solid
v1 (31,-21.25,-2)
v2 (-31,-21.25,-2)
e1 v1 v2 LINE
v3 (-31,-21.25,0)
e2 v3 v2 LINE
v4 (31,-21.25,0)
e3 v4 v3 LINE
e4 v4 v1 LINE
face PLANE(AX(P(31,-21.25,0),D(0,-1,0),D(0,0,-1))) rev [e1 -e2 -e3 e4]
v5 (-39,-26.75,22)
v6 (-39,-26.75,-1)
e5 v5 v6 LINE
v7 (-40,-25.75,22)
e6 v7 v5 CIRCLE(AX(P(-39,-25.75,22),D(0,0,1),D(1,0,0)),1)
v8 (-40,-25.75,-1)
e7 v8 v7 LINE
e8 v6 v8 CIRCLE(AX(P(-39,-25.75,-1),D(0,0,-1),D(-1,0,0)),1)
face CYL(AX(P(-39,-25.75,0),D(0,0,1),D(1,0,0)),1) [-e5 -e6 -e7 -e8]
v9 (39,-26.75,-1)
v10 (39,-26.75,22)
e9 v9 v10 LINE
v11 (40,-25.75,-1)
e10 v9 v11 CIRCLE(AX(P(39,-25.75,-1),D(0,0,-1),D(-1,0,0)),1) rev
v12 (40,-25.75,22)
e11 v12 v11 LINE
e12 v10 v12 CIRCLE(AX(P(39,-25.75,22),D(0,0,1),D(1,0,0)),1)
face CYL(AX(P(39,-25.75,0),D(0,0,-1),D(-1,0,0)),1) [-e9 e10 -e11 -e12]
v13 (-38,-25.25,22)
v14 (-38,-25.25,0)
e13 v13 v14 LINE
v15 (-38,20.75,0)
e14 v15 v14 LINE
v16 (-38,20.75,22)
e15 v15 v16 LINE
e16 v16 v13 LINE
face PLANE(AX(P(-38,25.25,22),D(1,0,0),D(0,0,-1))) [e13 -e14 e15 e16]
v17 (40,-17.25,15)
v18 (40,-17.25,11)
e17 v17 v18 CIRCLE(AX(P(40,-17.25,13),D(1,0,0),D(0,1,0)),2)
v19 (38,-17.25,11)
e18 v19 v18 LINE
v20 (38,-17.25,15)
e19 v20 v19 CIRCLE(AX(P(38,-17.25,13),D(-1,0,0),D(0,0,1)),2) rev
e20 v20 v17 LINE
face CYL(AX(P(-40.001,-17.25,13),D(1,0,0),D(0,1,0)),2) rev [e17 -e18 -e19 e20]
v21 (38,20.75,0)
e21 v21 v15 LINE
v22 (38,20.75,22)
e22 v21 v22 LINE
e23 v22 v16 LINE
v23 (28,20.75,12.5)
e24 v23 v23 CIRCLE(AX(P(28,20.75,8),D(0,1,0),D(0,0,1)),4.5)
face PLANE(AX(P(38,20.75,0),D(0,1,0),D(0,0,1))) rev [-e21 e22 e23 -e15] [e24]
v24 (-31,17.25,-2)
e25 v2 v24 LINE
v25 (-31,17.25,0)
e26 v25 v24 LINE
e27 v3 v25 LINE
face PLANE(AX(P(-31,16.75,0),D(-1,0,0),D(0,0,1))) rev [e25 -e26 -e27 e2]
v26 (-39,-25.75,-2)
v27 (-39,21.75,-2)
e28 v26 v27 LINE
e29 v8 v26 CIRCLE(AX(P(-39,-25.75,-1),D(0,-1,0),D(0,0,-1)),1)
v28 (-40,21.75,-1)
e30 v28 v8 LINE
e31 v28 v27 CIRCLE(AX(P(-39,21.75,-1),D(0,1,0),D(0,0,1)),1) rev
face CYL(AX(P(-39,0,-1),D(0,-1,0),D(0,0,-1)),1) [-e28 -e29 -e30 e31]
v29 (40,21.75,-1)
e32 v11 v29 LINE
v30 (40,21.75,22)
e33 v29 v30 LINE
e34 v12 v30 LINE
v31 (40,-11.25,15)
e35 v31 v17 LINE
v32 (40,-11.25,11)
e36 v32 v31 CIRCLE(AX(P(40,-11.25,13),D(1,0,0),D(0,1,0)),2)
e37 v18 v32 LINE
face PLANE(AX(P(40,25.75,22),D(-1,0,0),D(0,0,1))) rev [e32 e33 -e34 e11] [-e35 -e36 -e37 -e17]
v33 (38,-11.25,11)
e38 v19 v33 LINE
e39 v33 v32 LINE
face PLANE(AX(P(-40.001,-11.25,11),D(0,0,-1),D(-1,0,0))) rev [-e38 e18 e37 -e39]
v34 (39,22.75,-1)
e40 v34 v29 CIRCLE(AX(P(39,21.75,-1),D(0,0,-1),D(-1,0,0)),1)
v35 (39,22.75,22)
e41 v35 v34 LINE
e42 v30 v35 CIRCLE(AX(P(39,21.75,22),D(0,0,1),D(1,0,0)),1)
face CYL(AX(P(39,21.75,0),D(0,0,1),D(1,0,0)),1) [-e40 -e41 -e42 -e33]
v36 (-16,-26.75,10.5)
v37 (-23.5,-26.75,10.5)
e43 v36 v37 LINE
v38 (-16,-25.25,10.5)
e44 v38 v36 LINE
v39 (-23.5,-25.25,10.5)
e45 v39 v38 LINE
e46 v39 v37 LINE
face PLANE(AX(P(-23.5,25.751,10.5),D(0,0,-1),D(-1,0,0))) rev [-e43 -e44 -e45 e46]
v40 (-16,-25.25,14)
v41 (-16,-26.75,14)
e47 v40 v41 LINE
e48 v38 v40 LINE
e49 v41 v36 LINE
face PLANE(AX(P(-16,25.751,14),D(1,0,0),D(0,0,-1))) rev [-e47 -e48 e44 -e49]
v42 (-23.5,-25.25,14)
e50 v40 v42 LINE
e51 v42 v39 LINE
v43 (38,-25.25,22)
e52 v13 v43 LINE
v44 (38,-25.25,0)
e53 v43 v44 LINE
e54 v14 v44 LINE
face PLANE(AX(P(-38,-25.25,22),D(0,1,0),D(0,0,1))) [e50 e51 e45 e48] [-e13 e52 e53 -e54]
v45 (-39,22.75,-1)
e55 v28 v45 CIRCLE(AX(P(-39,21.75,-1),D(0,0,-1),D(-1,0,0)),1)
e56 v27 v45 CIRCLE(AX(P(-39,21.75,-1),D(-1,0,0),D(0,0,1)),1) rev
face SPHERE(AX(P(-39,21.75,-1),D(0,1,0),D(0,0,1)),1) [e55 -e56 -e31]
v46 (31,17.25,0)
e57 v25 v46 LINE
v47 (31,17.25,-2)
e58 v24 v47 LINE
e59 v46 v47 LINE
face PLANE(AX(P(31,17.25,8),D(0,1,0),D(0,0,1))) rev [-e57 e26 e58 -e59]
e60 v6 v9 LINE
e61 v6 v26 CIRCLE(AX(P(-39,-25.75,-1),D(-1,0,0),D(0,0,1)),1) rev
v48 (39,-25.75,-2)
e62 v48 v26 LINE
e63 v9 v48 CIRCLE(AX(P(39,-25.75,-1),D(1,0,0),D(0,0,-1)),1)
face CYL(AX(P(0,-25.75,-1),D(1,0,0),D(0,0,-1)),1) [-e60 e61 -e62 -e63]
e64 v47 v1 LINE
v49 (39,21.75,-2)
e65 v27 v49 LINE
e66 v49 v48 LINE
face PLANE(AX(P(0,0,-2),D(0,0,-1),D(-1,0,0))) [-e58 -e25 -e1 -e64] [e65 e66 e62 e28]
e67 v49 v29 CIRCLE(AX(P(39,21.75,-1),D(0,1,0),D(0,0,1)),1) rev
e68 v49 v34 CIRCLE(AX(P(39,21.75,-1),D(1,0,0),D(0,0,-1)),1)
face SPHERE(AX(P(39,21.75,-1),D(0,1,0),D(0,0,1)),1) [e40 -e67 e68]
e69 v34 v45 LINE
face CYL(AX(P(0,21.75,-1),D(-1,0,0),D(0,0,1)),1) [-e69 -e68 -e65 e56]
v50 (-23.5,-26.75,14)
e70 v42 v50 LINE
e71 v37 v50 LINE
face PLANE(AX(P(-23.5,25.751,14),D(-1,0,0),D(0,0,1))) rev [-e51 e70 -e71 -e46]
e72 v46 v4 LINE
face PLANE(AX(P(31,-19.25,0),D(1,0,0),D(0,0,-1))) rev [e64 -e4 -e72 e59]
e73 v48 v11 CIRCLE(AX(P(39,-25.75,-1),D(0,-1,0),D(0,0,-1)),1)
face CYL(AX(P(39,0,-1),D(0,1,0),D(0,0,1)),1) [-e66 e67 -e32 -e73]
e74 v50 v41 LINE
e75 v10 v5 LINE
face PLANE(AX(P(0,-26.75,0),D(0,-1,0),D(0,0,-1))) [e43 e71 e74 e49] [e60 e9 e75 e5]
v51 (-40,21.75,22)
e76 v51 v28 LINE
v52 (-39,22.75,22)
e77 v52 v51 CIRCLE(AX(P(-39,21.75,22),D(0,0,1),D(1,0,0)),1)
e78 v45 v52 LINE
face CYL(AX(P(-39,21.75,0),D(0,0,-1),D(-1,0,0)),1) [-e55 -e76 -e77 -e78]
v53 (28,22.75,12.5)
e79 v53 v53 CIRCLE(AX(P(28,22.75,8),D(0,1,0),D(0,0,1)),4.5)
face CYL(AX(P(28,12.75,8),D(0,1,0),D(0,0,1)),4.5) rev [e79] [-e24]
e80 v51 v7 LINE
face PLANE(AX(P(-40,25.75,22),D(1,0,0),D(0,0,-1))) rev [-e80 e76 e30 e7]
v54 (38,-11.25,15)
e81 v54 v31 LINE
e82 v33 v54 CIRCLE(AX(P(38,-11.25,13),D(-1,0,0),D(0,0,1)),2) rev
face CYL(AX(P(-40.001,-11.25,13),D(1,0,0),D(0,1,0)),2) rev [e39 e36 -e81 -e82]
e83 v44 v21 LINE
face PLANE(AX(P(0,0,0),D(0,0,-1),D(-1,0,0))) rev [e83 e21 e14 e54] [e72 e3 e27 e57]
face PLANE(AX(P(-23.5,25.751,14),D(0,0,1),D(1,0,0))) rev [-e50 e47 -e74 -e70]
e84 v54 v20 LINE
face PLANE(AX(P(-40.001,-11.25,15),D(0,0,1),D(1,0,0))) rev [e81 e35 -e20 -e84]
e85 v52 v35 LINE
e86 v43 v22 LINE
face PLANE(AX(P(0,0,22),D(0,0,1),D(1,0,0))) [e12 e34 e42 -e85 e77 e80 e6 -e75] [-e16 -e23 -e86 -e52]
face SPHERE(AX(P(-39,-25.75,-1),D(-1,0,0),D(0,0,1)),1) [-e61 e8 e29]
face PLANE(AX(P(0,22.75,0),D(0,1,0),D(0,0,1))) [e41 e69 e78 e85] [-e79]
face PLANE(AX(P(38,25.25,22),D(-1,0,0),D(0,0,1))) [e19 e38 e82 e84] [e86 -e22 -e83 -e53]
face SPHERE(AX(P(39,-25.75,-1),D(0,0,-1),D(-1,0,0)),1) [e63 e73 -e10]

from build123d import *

# Parameters (mm, degrees)
SKETCH_1_W           = 80
SKETCH_1_H           = 51.5
SKETCH_1_W_2         = 76
SKETCH_1_H_2         = 50.5
EXTRUDE_1_DEPTH      = 22
SKETCH_2_W           = 80
SKETCH_2_H           = 51.5
EXTRUDE_2_DEPTH      = 2
CUT_EXTRUDE_1_REACH  = 88.874
CUT_EXTRUDE_2_REACH  = 70.82
SKETCH_6_W           = 7.5
SKETCH_6_H           = 3.5
CUT_EXTRUDE_3_REACH  = 70.82
SKETCH_7_W           = 76
SKETCH_7_H           = 20
SKETCH_8_W           = 80
SKETCH_8_H           = 51.5
EXTRUDE_3_DEPTH      = 2
SKETCH_9_W           = 62
SKETCH_9_H           = 36
CUT_EXTRUDE_4_DEPTH  = 2
SKETCH_15_W          = 80
SKETCH_15_H          = 24
EXTRUDE_5_DEPTH      = 1
SKETCH_16_W          = 7.5
SKETCH_16_H          = 3.5
CUT_EXTRUDE_6_DEPTH  = 1
SKETCH_17_W          = 62
SKETCH_17_H          = 2
CUT_EXTRUDE_7_DEPTH  = 2
SKETCH_19_W          = 80
SKETCH_19_H          = 24
CUT_EXTRUDE_8_DEPTH  = 3
SKETCH_20_W          = 76
SKETCH_20_H          = 2
EXTRUDE_6_DEPTH      = 20
SKETCH_21_W          = 76
SKETCH_21_H          = 46
CUT_EXTRUDE_9_DEPTH  = 10
FILLET_1_R           = 1
SKETCH_22_R          = 4.5
CUT_EXTRUDE_10_DEPTH = 10
SKETCH_23_W          = 62
SKETCH_23_H          = 0.5
CUT_EXTRUDE_11_DEPTH = 10


with BuildPart() as part:
    # 草图1 → 凸台-拉伸1 (new body)
    with BuildSketch(Plane.XY):
        Rectangle(SKETCH_1_W, SKETCH_1_H)
        Rectangle(SKETCH_1_W_2, SKETCH_1_H_2, mode=Mode.SUBTRACT)
    extrude(amount=EXTRUDE_1_DEPTH)

    # 草图2 → 凸台-拉伸2 (add)
    with BuildSketch(Plane.XY.offset(22)):
        Rectangle(SKETCH_2_W, SKETCH_2_H)
    extrude(amount=-EXTRUDE_2_DEPTH)

    # 草图4 → 切除-拉伸1 (cut, up to next)
    with BuildSketch(Plane(origin=(40, 0, 0), x_dir=(0, 0, -1), z_dir=(1, 0, 0)), mode=Mode.PRIVATE) as cut_extrude_1_sk1:
        with BuildLine():
            Line((-11, -11.25), (-11, -17.25))
            ThreePointArc((-11, -17.25), (-13, -19.25), (-15, -17.25))
            Line((-15, -17.25), (-15, -11.25))
            ThreePointArc((-15, -11.25), (-13, -9.25), (-11, -11.25))
        make_face()
    cut_extrude_1_tool1 = extrude(cut_extrude_1_sk1.sketch, amount=-CUT_EXTRUDE_1_REACH, mode=Mode.PRIVATE) & part.part
    add(cut_extrude_1_tool1.solids().sort_by_distance((40, -14.25, 13))[0], mode=Mode.SUBTRACT)

    # 草图6 → 切除-拉伸2 (cut, up to next)
    with BuildSketch(Plane.XZ.offset(25.75), mode=Mode.PRIVATE) as cut_extrude_2_sk1:
        with Locations((-19.75, 12.25)):
            Rectangle(SKETCH_6_W, SKETCH_6_H)
    cut_extrude_2_tool1 = extrude(cut_extrude_2_sk1.sketch, amount=-CUT_EXTRUDE_2_REACH, mode=Mode.PRIVATE) & part.part
    add(cut_extrude_2_tool1.solids().sort_by_distance((-19.75, -25.75, 12.25))[0], mode=Mode.SUBTRACT)

    # 草图7 → 切除-拉伸3 (cut, up to next)
    with BuildSketch(Plane(origin=(0, 25.75, 0), x_dir=(1, 0, 0), z_dir=(0, 1, 0)), mode=Mode.PRIVATE) as cut_extrude_3_sk1:
        with Locations((0, -10)):
            Rectangle(SKETCH_7_W, SKETCH_7_H)
    cut_extrude_3_tool1 = extrude(cut_extrude_3_sk1.sketch, amount=-CUT_EXTRUDE_3_REACH, mode=Mode.PRIVATE) & part.part
    add(cut_extrude_3_tool1.solids().sort_by_distance((0, 25.75, 10))[0], mode=Mode.SUBTRACT)

    # 草图8 → 凸台-拉伸3 (add)
    with BuildSketch(Plane(origin=(0, 0, 0), x_dir=(-1, 0, 0), z_dir=(0, 0, -1))):
        Rectangle(SKETCH_8_W, SKETCH_8_H)
    extrude(amount=EXTRUDE_3_DEPTH)

    # 草图9 → 切除-拉伸4 (cut)
    with BuildSketch(Plane(origin=(0, 0, -2), x_dir=(-1, 0, 0), z_dir=(0, 0, -1))):
        with Locations((0, -1.25)):
            Rectangle(SKETCH_9_W, SKETCH_9_H)
    extrude(amount=-CUT_EXTRUDE_4_DEPTH, mode=Mode.SUBTRACT)

    # 草图15 → 凸台-拉伸5 (add)
    with BuildSketch(Plane.XZ.offset(25.75)):
        with Locations((0, 10)):
            Rectangle(SKETCH_15_W, SKETCH_15_H)
    extrude(amount=EXTRUDE_5_DEPTH)

    # 草图16 → 切除-拉伸6 (cut)
    with BuildSketch(Plane(origin=(0, -25.75, 0), x_dir=(1, 0, 0), z_dir=(0, 1, 0))):
        with Locations((-19.75, -12.25)):
            Rectangle(SKETCH_16_W, SKETCH_16_H)
    extrude(amount=-CUT_EXTRUDE_6_DEPTH, mode=Mode.SUBTRACT)

    # 草图17 → 切除-拉伸7 (cut)
    with BuildSketch(Plane(origin=(0, 0, -2), x_dir=(-1, 0, 0), z_dir=(0, 0, -1))):
        with Locations((0, -20.25)):
            Rectangle(SKETCH_17_W, SKETCH_17_H)
    extrude(amount=-CUT_EXTRUDE_7_DEPTH, mode=Mode.SUBTRACT)

    # 草图19 → 切除-拉伸8 (cut)
    with BuildSketch(Plane(origin=(0, 25.75, 0), x_dir=(1, 0, 0), z_dir=(0, 1, 0))):
        with Locations((0, -10)):
            Rectangle(SKETCH_19_W, SKETCH_19_H)
    extrude(amount=-CUT_EXTRUDE_8_DEPTH, mode=Mode.SUBTRACT)

    # 草图20 → 凸台-拉伸6 (add)
    with BuildSketch(Plane(origin=(0, 0, 20), x_dir=(-1, 0, 0), z_dir=(0, 0, -1))):
        with Locations((0, 21.75)):
            Rectangle(SKETCH_20_W, SKETCH_20_H)
    extrude(amount=EXTRUDE_6_DEPTH)

    # 草图21 → 切除-拉伸9 (cut)
    with BuildSketch(Plane(origin=(0, 0, 20), x_dir=(-1, 0, 0), z_dir=(0, 0, -1))):
        with Locations((0, -2.25)):
            Rectangle(SKETCH_21_W, SKETCH_21_H)
    extrude(amount=-CUT_EXTRUDE_9_DEPTH, mode=Mode.SUBTRACT)

    # 圆角1
    fillet_1_edges = [part.edges().sort_by_distance(p)[0] for p in [
        (-40, -26.75, 10),
        (0, -26.75, -2),
        (40, -26.75, 10),
        (40, -2, -2),
        (-40, 22.75, 10),
        (0, 22.75, -2),
        (40, 22.75, 10),
        (-40, -2, -2),
    ]]
    fillet(fillet_1_edges, radius=FILLET_1_R)

    # 草图22 → 切除-拉伸10 (cut)
    with BuildSketch(Plane(origin=(0, 22.75, 0), x_dir=(1, 0, 0), z_dir=(0, 1, 0))):
        with Locations(Location((28, -8, 0), (0, 0, 270))):
            Circle(SKETCH_22_R)
    extrude(amount=-CUT_EXTRUDE_10_DEPTH, mode=Mode.SUBTRACT)

    # 草图23 → 切除-拉伸11 (cut)
    with BuildSketch(Plane(origin=(0, 0, -2), x_dir=(-1, 0, 0), z_dir=(0, 0, -1))):
        with Locations((0, 17)):
            Rectangle(SKETCH_23_W, SKETCH_23_H)
    extrude(amount=-CUT_EXTRUDE_11_DEPTH, mode=Mode.SUBTRACT)


solid = part.part
